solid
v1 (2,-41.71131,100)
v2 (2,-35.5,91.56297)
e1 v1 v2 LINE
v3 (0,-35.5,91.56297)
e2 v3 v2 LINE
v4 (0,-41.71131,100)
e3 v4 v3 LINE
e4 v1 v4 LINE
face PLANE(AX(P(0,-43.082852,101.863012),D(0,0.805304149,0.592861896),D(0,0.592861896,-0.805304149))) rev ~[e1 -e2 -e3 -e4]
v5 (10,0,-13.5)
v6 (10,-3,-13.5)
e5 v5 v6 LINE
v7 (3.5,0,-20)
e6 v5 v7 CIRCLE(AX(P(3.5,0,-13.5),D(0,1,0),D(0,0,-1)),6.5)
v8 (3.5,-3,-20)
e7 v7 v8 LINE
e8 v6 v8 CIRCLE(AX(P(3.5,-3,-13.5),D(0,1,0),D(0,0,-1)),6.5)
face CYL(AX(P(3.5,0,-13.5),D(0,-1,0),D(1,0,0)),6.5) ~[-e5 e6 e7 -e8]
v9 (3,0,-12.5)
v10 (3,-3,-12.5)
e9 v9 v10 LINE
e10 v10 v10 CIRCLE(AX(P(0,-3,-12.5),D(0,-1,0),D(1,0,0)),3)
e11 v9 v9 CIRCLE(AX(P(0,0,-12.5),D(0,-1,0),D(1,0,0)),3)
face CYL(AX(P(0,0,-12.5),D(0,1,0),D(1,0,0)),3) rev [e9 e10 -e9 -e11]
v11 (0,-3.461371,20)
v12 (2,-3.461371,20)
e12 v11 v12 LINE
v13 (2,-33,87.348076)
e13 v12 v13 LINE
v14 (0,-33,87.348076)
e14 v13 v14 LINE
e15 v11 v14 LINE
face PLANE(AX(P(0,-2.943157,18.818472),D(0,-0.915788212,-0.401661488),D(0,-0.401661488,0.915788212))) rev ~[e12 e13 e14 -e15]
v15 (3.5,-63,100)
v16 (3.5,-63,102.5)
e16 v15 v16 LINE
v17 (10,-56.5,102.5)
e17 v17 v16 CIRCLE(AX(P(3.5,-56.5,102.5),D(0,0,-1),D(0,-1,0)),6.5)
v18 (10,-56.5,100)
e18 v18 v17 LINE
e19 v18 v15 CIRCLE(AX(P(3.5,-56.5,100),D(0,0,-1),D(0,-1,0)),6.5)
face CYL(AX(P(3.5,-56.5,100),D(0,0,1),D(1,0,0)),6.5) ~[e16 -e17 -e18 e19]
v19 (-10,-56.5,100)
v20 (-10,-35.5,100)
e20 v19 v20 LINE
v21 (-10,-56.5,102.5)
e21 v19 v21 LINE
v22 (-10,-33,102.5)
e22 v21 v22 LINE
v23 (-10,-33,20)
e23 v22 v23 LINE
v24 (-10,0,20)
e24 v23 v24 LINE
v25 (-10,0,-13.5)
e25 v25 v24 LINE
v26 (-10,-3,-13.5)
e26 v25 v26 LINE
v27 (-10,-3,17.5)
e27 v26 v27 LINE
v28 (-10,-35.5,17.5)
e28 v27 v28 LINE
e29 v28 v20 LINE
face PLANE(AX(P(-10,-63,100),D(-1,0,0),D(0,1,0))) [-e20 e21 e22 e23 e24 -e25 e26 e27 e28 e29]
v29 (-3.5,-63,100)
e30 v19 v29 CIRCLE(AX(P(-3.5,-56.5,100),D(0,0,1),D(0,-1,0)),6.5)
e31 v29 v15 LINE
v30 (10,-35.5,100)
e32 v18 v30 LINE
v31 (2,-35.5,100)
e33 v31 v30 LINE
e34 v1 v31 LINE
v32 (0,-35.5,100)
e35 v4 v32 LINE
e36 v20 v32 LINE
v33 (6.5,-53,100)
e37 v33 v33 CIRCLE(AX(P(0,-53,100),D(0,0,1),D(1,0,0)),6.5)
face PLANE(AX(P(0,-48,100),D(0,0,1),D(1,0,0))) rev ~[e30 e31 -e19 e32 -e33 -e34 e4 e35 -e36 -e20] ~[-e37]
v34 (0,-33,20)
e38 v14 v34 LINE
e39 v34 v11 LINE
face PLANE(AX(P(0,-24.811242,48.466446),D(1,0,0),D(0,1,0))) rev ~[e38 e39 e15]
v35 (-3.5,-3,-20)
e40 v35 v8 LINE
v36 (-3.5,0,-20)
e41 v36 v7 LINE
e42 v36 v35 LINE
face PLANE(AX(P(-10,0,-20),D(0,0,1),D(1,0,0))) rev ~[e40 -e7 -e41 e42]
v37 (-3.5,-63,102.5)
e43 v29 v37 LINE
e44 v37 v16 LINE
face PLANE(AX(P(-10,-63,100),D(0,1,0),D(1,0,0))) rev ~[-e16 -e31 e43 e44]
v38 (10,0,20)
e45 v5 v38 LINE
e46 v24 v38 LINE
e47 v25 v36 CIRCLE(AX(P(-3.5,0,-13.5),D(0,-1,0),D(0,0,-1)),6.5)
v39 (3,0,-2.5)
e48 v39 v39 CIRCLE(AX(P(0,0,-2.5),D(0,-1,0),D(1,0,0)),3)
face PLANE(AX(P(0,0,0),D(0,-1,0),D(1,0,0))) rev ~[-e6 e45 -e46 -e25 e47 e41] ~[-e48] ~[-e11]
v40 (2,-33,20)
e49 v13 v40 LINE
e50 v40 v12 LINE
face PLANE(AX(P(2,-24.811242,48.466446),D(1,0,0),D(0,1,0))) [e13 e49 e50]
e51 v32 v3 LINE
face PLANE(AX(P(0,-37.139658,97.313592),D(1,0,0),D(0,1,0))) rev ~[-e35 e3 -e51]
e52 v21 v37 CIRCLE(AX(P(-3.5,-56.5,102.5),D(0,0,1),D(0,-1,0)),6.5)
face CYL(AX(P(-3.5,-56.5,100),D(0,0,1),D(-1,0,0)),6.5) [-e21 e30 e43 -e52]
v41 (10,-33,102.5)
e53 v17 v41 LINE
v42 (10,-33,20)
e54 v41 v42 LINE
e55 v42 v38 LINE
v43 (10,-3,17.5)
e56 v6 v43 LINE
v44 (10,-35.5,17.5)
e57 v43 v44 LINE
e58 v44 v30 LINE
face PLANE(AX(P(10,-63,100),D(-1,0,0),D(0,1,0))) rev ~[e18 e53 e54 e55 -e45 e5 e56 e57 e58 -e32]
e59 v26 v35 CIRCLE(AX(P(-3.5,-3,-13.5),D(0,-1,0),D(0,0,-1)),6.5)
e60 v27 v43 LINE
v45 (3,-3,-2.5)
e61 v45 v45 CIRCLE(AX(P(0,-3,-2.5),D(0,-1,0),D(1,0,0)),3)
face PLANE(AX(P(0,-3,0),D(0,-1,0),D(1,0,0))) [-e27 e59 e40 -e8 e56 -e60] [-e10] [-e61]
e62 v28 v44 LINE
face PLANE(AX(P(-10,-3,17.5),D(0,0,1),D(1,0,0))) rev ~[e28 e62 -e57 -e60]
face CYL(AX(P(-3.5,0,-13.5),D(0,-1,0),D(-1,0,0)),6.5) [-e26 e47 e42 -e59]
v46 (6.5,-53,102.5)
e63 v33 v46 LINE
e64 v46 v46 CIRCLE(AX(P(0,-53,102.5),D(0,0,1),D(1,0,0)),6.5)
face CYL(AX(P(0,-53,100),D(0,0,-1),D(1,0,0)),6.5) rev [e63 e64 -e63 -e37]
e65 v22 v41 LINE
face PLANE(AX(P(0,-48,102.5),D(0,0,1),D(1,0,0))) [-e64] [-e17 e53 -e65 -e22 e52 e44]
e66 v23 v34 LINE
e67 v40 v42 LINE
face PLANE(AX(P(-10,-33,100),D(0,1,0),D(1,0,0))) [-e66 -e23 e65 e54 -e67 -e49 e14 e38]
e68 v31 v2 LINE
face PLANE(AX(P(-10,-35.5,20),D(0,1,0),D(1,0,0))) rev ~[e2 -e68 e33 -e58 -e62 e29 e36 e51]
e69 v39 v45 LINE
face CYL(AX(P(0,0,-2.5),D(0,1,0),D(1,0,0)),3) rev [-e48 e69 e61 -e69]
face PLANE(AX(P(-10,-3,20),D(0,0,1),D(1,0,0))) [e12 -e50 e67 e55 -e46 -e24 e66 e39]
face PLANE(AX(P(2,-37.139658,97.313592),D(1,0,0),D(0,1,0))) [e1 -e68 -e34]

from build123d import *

# Parameters (mm, degrees)
F0_W      = 20
F0_H      = 40
F0_R      = 3
F1_DEPTH  = 3
F2_W      = 20
F2_H      = 2.5
F3_DEPTH  = 32.5
F4_W      = 20
F4_H      = 2.5
F5_DEPTH  = 80
F6_W      = 20
F6_H      = 30
F6_R      = 6.5
F7_DEPTH  = 2.5
F9_DEPTH  = 2
F11_DEPTH = 2
F12_R     = 6.5


with BuildPart() as f1:
    # F0 (on Front) → F1 (new body)
    with BuildSketch(Plane.XZ):
        Rectangle(F0_W, F0_H)
        with Locations((0, -12.5)):
            Circle(F0_R, mode=Mode.SUBTRACT)
        with Locations((0, -2.5)):
            Circle(F0_R, mode=Mode.SUBTRACT)
    extrude(amount=F1_DEPTH)

    # F2 (on face) → F3 (join)
    with BuildSketch(Plane.XZ.offset(3)):
        with Locations((0, 18.75)):
            Rectangle(F2_W, F2_H)
    extrude(amount=F3_DEPTH)

    # F4 (on face) → F5 (join)
    with BuildSketch(Plane.XY.offset(20)):
        with Locations((0, -34.25)):
            Rectangle(F4_W, F4_H)
    extrude(amount=F5_DEPTH)

    # F6 (on face) → F7 (join)
    with BuildSketch(Plane.XY.offset(100)):
        with Locations((0, -48)):
            Rectangle(F6_W, F6_H)
        with Locations((0, -53)):
            Circle(F6_R, mode=Mode.SUBTRACT)
    extrude(amount=F7_DEPTH)

    # F8 (on Right) → F9 (join)
    with BuildSketch(Plane.YZ):
        Polygon((-34.184523, 89.776114), (-34.184523, 101.863012), (-43.082852, 101.863012), align=None)
    extrude(amount=F9_DEPTH)

    # F10 (on Right) → F11 (join)
    with BuildSketch(Plane.YZ):
        Polygon((-2.943157, 18.818472), (-34.36638, 90.463422), (-34.156892, 18.818472), align=None)
    extrude(amount=F11_DEPTH)

    # F12
    f12_edges = [f1.edges().sort_by_distance(p)[0] for p in [
        (-10, -63, 101.25),
        (10, -63, 101.25),
        (-10, -1.5, -20),
        (10, -1.5, -20),
    ]]
    fillet(f12_edges, radius=F12_R)


solid = f1.part
